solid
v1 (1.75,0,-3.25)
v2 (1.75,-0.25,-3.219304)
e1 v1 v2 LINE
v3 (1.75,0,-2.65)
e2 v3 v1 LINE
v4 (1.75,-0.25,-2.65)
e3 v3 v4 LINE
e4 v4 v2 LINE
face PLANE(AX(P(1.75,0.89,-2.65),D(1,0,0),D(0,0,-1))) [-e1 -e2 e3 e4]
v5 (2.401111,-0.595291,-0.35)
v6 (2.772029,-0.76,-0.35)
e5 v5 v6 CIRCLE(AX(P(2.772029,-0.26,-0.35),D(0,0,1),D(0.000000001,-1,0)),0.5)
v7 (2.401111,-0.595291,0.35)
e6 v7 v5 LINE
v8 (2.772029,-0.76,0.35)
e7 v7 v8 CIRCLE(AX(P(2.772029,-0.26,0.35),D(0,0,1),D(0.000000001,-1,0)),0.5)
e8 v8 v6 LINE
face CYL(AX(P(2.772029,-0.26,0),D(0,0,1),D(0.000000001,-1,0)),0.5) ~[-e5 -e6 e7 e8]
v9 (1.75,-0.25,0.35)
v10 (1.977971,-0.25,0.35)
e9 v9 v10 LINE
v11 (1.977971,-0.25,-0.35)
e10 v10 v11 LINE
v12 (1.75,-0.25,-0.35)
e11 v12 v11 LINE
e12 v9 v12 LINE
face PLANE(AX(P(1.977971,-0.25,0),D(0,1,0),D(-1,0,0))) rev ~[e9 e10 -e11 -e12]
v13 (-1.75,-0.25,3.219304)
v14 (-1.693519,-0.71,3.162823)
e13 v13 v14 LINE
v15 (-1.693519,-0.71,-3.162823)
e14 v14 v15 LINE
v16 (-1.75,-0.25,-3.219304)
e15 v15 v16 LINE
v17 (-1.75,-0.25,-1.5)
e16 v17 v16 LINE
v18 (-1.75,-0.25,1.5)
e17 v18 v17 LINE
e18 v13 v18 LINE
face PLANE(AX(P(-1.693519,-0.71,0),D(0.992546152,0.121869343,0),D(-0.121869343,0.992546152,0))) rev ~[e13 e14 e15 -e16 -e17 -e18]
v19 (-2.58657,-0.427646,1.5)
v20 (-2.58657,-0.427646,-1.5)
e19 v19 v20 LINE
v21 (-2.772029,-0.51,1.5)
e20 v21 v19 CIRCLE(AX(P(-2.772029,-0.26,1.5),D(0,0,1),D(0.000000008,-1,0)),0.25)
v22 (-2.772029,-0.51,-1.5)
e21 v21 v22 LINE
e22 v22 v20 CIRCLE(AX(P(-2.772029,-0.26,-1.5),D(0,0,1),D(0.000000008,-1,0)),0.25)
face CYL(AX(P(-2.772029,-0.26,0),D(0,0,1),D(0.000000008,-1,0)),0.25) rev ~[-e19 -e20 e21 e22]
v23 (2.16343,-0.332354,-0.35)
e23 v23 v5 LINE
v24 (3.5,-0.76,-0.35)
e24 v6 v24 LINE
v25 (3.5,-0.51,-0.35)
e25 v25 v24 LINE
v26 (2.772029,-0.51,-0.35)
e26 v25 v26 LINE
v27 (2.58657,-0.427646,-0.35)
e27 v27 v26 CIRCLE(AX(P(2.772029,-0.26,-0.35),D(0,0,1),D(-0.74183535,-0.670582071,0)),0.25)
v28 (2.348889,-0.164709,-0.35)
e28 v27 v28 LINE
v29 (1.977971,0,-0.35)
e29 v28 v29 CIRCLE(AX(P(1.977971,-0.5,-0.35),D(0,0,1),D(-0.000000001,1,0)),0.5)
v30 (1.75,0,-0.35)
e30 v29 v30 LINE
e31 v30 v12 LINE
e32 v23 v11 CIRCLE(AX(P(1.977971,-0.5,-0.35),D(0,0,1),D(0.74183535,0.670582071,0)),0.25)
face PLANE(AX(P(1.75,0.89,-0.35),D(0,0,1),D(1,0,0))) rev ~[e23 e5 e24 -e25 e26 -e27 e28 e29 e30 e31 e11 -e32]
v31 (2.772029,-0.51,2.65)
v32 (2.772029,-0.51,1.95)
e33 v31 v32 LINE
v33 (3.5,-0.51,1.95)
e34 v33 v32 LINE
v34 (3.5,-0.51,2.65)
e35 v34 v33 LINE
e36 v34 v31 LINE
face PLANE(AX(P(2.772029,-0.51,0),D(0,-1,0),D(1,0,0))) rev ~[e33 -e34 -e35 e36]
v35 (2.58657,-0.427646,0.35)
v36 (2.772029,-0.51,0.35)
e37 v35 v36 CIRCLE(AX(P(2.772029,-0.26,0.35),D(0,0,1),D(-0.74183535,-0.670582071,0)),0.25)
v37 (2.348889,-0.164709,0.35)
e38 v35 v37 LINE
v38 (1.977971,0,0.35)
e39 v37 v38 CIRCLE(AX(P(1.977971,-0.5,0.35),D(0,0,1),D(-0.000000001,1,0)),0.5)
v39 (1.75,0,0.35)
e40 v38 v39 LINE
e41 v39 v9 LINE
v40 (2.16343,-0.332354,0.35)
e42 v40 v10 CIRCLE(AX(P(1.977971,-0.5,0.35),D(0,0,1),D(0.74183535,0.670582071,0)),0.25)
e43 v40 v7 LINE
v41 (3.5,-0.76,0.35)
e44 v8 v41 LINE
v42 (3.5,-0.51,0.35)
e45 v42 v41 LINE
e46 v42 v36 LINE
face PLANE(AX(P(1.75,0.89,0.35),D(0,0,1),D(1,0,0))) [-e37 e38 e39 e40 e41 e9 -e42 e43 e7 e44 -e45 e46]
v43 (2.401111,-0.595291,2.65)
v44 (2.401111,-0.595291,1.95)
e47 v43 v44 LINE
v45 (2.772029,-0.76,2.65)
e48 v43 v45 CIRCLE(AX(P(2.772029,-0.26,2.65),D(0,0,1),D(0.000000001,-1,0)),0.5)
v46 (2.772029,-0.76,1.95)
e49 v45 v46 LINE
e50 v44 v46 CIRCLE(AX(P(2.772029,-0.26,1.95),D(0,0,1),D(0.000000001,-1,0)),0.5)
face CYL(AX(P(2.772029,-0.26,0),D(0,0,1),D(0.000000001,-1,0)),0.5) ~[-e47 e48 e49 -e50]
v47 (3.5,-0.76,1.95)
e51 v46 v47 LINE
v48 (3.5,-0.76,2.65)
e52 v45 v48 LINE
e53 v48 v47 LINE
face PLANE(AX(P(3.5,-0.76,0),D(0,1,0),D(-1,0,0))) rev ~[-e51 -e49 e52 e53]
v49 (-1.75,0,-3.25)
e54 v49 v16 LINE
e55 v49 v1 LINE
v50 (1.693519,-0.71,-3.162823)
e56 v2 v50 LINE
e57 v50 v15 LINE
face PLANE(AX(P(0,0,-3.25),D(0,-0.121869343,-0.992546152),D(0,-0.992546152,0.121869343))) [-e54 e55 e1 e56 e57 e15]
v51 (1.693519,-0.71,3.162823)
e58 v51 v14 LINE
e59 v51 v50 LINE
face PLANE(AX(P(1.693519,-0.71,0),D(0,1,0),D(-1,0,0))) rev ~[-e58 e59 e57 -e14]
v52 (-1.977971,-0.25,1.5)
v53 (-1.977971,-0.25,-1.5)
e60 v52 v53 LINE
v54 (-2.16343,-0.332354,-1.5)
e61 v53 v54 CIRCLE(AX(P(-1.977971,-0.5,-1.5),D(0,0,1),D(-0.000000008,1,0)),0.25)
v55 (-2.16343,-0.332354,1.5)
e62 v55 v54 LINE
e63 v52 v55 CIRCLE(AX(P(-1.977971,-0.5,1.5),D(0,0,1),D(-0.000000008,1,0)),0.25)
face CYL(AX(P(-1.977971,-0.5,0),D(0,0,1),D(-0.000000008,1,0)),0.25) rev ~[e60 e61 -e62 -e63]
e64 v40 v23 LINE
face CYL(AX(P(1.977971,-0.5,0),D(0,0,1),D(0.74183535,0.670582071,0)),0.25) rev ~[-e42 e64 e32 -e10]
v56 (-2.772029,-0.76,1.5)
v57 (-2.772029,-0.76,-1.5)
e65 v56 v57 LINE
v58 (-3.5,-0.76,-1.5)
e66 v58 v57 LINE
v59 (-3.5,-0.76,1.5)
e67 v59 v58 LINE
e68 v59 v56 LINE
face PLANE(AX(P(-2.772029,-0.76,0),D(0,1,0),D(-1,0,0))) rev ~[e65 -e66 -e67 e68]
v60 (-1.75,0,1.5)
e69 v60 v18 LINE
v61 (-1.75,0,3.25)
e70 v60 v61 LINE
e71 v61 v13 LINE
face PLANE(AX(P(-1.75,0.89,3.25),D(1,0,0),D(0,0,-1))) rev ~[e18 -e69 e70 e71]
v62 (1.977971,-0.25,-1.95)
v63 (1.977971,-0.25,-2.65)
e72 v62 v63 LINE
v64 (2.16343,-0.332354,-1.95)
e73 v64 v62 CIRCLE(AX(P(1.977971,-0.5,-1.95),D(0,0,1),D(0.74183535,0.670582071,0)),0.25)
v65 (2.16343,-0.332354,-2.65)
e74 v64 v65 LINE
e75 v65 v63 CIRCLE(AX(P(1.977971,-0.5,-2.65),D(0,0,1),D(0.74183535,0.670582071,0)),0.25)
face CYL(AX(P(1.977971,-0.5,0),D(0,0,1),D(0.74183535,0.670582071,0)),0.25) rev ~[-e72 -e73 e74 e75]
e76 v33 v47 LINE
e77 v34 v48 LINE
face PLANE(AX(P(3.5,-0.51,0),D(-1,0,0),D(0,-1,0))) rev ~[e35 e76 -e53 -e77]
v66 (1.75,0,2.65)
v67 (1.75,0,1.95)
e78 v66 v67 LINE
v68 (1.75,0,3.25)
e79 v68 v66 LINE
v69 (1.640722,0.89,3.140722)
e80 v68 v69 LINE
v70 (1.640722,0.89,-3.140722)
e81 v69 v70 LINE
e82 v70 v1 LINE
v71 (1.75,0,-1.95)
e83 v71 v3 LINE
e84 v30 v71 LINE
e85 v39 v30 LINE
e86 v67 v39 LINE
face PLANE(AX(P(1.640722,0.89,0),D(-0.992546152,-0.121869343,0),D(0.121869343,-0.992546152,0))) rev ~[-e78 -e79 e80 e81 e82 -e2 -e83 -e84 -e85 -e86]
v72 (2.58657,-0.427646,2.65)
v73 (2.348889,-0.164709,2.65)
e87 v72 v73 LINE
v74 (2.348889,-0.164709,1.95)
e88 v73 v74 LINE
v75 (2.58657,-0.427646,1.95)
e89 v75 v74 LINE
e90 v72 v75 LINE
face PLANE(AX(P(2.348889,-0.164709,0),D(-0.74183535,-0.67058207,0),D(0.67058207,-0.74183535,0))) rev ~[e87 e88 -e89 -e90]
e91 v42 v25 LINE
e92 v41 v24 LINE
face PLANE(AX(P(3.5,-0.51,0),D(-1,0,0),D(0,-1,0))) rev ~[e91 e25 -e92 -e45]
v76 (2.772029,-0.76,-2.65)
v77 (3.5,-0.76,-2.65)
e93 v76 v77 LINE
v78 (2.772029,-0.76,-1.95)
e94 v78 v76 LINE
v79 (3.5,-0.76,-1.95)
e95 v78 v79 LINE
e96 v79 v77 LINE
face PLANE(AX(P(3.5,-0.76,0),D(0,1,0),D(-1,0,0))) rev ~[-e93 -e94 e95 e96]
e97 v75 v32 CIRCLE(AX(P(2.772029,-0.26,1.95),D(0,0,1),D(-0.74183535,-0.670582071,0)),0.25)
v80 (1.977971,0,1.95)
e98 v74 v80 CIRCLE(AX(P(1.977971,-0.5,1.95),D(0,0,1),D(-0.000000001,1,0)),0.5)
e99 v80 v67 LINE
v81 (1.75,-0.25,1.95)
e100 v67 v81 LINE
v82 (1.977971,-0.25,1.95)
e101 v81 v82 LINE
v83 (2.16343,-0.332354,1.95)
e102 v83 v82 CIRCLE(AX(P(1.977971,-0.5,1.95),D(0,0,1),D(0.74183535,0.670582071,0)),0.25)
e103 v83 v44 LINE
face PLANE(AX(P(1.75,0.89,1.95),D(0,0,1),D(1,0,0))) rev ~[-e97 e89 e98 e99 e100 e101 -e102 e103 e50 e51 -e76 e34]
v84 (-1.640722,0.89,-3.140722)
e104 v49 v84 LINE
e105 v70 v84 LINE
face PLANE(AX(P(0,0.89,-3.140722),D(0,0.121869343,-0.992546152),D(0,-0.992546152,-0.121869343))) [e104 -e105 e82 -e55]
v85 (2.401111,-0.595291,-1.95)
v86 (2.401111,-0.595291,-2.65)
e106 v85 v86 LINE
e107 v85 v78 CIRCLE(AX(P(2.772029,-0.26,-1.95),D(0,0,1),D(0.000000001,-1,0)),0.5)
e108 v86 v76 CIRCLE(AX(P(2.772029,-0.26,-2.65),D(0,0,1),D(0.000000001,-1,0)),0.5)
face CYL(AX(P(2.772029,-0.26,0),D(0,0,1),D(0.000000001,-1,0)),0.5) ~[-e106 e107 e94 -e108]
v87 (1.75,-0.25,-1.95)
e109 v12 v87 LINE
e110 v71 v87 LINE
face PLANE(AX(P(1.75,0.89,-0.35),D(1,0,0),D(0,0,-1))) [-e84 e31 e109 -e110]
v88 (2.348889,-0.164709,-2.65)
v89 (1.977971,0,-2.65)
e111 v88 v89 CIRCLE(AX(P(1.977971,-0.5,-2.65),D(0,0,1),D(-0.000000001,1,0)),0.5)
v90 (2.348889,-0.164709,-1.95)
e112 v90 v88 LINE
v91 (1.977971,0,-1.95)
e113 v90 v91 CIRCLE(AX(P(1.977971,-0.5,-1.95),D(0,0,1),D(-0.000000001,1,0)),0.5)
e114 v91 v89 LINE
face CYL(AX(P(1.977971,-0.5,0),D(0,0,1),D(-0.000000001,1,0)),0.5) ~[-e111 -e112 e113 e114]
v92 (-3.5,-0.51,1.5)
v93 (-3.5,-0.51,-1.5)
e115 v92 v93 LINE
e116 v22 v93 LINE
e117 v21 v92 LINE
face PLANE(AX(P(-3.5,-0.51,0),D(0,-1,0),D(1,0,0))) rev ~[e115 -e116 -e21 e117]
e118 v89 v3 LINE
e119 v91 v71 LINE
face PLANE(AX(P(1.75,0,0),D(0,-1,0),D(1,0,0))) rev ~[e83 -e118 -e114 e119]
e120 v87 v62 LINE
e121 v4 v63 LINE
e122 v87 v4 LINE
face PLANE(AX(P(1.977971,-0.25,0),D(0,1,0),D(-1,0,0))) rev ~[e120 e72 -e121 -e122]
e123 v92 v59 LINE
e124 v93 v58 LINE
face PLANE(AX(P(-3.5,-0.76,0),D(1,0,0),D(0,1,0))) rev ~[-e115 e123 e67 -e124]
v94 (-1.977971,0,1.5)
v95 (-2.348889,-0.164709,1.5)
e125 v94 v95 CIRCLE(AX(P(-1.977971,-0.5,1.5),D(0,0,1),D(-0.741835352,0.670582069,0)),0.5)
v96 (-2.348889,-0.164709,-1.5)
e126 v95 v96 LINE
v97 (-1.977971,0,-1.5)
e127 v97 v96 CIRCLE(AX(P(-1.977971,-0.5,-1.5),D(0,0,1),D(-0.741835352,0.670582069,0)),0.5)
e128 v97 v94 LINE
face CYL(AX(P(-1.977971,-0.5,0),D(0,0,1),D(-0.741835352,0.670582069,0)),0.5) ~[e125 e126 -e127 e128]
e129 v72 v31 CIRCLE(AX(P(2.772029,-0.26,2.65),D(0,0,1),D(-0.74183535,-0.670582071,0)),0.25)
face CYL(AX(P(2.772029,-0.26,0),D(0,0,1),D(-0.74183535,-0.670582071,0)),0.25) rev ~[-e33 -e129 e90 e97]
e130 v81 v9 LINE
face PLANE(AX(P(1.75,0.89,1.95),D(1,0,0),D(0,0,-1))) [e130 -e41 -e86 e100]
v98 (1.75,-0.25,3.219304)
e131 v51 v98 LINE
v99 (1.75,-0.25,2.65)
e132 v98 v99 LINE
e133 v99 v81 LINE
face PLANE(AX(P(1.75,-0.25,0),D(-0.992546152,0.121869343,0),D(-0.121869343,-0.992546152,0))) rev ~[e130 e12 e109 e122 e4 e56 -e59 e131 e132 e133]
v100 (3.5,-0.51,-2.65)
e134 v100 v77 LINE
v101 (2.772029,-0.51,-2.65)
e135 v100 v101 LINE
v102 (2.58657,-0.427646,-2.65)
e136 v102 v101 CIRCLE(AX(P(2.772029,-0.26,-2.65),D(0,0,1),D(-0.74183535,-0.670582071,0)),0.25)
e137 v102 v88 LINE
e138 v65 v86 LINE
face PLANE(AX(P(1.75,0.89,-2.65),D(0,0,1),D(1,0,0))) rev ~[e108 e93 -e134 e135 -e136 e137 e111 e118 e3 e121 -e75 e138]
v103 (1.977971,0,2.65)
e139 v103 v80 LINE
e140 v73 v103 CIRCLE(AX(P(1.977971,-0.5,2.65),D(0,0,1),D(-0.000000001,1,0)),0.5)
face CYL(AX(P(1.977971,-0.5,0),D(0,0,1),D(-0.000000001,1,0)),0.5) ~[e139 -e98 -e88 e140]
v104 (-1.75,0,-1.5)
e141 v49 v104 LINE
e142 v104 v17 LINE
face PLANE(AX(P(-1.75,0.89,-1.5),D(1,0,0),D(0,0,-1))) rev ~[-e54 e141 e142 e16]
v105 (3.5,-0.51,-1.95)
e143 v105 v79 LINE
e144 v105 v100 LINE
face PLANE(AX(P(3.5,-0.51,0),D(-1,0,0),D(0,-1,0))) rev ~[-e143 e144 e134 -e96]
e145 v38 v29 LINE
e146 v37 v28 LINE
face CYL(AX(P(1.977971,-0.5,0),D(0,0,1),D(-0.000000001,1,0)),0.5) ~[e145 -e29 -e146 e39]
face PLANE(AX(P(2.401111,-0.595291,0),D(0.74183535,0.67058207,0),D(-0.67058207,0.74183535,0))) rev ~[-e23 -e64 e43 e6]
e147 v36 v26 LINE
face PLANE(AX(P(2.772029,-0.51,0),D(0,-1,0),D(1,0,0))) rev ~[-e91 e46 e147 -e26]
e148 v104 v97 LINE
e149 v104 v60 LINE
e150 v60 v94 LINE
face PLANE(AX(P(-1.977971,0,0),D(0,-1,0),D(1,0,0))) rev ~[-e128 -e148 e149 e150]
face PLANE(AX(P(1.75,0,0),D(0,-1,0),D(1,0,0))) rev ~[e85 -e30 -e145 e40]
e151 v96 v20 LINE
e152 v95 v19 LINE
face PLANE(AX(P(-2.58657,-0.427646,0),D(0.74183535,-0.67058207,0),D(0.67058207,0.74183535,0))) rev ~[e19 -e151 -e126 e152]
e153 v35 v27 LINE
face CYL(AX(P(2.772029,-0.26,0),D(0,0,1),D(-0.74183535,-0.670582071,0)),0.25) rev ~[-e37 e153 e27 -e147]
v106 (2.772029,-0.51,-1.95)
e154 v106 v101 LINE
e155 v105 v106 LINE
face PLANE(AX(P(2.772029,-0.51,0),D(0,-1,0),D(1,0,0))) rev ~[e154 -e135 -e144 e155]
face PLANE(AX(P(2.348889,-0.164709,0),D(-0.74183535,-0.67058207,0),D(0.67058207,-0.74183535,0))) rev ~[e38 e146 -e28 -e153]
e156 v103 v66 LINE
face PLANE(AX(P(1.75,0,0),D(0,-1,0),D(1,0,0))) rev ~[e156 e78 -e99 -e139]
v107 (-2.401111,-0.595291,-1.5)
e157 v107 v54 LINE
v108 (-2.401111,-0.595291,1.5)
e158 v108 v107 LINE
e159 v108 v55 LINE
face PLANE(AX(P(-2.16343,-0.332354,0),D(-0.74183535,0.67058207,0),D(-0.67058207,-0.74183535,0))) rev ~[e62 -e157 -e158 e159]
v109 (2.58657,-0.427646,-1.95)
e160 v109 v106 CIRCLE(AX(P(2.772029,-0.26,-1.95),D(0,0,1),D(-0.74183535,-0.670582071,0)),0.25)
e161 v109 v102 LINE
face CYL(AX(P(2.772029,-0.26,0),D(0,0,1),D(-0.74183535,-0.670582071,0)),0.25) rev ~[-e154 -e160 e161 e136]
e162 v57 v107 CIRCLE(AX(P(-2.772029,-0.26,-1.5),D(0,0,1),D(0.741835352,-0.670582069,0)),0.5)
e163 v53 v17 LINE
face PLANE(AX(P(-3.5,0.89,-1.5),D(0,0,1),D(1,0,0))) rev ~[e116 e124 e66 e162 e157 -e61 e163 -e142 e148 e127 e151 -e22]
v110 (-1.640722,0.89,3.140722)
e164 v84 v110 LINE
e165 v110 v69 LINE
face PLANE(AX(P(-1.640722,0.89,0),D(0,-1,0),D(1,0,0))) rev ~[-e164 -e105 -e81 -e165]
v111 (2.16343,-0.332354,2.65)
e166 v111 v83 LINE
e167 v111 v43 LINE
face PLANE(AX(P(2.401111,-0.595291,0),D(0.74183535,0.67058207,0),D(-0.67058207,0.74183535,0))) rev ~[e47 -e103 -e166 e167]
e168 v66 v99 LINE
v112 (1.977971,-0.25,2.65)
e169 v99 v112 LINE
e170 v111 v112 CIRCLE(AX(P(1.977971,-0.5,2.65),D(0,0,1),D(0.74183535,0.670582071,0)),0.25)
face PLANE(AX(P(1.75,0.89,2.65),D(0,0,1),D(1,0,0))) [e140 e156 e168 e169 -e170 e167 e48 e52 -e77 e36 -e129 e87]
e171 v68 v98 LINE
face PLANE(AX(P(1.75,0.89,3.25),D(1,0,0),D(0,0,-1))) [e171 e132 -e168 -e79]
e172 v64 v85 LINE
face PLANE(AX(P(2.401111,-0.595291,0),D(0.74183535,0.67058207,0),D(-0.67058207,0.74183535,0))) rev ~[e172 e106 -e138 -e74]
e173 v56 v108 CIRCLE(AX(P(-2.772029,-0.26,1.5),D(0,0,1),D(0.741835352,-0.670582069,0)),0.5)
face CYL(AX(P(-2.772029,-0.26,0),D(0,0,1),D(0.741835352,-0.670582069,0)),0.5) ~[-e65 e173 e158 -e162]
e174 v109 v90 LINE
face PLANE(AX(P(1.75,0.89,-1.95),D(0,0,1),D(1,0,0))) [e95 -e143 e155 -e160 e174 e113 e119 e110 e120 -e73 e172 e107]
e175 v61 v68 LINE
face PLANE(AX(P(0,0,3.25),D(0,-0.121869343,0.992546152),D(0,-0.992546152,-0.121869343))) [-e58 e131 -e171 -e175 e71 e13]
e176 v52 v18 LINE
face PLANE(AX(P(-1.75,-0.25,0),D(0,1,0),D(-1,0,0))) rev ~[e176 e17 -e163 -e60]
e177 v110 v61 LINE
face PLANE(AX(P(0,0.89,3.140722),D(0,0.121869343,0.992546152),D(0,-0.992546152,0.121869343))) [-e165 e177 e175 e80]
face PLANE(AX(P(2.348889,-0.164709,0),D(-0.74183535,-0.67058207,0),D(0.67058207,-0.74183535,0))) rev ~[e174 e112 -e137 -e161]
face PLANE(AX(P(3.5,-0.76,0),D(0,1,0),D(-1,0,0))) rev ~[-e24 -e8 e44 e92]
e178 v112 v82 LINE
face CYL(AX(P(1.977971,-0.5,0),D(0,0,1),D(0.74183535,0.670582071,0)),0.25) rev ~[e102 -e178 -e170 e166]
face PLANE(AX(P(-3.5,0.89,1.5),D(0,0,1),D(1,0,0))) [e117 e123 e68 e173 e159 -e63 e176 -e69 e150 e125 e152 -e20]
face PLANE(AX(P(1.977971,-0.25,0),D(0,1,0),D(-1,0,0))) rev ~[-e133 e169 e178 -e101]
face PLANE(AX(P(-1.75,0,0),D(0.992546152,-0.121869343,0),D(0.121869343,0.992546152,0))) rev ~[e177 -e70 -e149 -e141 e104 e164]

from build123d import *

# Parameters (mm, degrees)
EXTRUDE1_DEPTH     = 3.25
SKETCH2_W          = 1.75
SKETCH2_H          = 1.75
SKETCH2_H_2        = 1.6
SKETCH2_H_3        = 0.6
CUT_EXTRUDE1_DEPTH = 2.65
CUT_EXTRUDE3_DEPTH = 1.75
CUT_EXTRUDE4_DEPTH = 1.75


with BuildPart() as part:
    # Sketch1 → Extrude1 (new body, symmetric)
    with BuildSketch(Plane.XY):
        with BuildLine():
            Line((-1.640721741, 0.89), (1.640721741, 0.89))
            Line((1.640721741, 0.89), (1.75, 0))
            Line((1.75, 0), (1.977970995, 0))
            ThreePointArc((1.977970995, 0), (2.180892756, -0.043028711), (2.34888867, -0.164708965))
            Line((2.34888867, -0.164708965), (2.586570168, -0.427645517))
            ThreePointArc((2.586570168, -0.427645517), (2.670568125, -0.488485644), (2.772029005, -0.51))
            Line((2.772029005, -0.51), (3.5, -0.51))
            Line((3.5, -0.51), (3.5, -0.76))
            Line((3.5, -0.76), (2.772029005, -0.76))
            ThreePointArc((2.772029005, -0.76), (2.569107244, -0.716971289), (2.40111133, -0.595291035))
            Line((2.40111133, -0.595291035), (2.163429832, -0.332354483))
            ThreePointArc((2.163429832, -0.332354483), (2.079431875, -0.271514356), (1.977970995, -0.25))
            Line((1.977970995, -0.25), (1.75, -0.25))
            Line((1.75, -0.25), (1.693519102, -0.71))
            Line((1.693519102, -0.71), (-1.693519102, -0.71))
            Line((-1.693519102, -0.71), (-1.75, -0.25))
            Line((-1.75, -0.25), (-1.977970995, -0.25))
            ThreePointArc((-1.977970995, -0.25), (-2.079431875, -0.271514356), (-2.163429832, -0.332354483))
            Line((-2.163429832, -0.332354483), (-2.40111133, -0.595291035))
            ThreePointArc((-2.40111133, -0.595291035), (-2.569107244, -0.716971289), (-2.772029005, -0.76))
            Line((-2.772029005, -0.76), (-3.5, -0.76))
            Line((-3.5, -0.76), (-3.5, -0.51))
            Line((-3.5, -0.51), (-2.772029005, -0.51))
            ThreePointArc((-2.772029005, -0.51), (-2.670568125, -0.488485644), (-2.586570168, -0.427645517))
            Line((-2.586570168, -0.427645517), (-2.34888867, -0.164708965))
            ThreePointArc((-2.34888867, -0.164708965), (-2.180892756, -0.043028711), (-1.977970995, 0))
            Line((-1.977970995, 0), (-1.75, 0))
            Line((-1.75, 0), (-1.640721741, 0.89))
        make_face()
    extrude(amount=EXTRUDE1_DEPTH, both=True)

    # Sketch2 → Cut-Extrude1 (cut, through all)
    with BuildSketch(Plane(origin=(0, 0.89, 0), x_dir=(1, 0, 0), z_dir=(0, 1, 0))):
        with Locations((-2.625, 2.375)):
            Rectangle(SKETCH2_W, SKETCH2_H)
        with Locations((-2.625, -2.375)):
            Rectangle(SKETCH2_W, SKETCH2_H)
        with Locations((2.625, 1.15)):
            Rectangle(SKETCH2_W, SKETCH2_H_2)
        with Locations((2.625, -1.15)):
            Rectangle(SKETCH2_W, SKETCH2_H_2)
        with Locations((2.625, 2.95)):
            Rectangle(SKETCH2_W, SKETCH2_H_3)
        with Locations((2.625, -2.95)):
            Rectangle(SKETCH2_W, SKETCH2_H_3)
    extrude(amount=-CUT_EXTRUDE1_DEPTH, mode=Mode.SUBTRACT)

    # Sketch3 → Cut-Extrude3 (cut, symmetric)
    with BuildSketch(Plane(origin=(0, 0, 0), x_dir=(0, 0, -1), z_dir=(1, 0, 0))):
        Polygon((3.140721741, 0.89), (3.25, 0), (3.25, 0.89), align=None)
        Polygon((-3.25, 0), (-3.25, 0.89), (-3.140721741, 0.89), align=None)
    extrude(amount=CUT_EXTRUDE3_DEPTH, both=True, mode=Mode.SUBTRACT)

    # Sketch4 → Cut-Extrude4 (cut, symmetric)
    with BuildSketch(Plane(origin=(0, 0, 0), x_dir=(0, 0, -1), z_dir=(1, 0, 0))):
        Polygon((3.162822962, -0.71), (3.25, -0.71), (3.25, 0), align=None)
        Polygon((-3.25, 0), (-3.162822962, -0.71), (-3.25, -0.71), align=None)
    extrude(amount=CUT_EXTRUDE4_DEPTH, both=True, mode=Mode.SUBTRACT)


solid = part.part
